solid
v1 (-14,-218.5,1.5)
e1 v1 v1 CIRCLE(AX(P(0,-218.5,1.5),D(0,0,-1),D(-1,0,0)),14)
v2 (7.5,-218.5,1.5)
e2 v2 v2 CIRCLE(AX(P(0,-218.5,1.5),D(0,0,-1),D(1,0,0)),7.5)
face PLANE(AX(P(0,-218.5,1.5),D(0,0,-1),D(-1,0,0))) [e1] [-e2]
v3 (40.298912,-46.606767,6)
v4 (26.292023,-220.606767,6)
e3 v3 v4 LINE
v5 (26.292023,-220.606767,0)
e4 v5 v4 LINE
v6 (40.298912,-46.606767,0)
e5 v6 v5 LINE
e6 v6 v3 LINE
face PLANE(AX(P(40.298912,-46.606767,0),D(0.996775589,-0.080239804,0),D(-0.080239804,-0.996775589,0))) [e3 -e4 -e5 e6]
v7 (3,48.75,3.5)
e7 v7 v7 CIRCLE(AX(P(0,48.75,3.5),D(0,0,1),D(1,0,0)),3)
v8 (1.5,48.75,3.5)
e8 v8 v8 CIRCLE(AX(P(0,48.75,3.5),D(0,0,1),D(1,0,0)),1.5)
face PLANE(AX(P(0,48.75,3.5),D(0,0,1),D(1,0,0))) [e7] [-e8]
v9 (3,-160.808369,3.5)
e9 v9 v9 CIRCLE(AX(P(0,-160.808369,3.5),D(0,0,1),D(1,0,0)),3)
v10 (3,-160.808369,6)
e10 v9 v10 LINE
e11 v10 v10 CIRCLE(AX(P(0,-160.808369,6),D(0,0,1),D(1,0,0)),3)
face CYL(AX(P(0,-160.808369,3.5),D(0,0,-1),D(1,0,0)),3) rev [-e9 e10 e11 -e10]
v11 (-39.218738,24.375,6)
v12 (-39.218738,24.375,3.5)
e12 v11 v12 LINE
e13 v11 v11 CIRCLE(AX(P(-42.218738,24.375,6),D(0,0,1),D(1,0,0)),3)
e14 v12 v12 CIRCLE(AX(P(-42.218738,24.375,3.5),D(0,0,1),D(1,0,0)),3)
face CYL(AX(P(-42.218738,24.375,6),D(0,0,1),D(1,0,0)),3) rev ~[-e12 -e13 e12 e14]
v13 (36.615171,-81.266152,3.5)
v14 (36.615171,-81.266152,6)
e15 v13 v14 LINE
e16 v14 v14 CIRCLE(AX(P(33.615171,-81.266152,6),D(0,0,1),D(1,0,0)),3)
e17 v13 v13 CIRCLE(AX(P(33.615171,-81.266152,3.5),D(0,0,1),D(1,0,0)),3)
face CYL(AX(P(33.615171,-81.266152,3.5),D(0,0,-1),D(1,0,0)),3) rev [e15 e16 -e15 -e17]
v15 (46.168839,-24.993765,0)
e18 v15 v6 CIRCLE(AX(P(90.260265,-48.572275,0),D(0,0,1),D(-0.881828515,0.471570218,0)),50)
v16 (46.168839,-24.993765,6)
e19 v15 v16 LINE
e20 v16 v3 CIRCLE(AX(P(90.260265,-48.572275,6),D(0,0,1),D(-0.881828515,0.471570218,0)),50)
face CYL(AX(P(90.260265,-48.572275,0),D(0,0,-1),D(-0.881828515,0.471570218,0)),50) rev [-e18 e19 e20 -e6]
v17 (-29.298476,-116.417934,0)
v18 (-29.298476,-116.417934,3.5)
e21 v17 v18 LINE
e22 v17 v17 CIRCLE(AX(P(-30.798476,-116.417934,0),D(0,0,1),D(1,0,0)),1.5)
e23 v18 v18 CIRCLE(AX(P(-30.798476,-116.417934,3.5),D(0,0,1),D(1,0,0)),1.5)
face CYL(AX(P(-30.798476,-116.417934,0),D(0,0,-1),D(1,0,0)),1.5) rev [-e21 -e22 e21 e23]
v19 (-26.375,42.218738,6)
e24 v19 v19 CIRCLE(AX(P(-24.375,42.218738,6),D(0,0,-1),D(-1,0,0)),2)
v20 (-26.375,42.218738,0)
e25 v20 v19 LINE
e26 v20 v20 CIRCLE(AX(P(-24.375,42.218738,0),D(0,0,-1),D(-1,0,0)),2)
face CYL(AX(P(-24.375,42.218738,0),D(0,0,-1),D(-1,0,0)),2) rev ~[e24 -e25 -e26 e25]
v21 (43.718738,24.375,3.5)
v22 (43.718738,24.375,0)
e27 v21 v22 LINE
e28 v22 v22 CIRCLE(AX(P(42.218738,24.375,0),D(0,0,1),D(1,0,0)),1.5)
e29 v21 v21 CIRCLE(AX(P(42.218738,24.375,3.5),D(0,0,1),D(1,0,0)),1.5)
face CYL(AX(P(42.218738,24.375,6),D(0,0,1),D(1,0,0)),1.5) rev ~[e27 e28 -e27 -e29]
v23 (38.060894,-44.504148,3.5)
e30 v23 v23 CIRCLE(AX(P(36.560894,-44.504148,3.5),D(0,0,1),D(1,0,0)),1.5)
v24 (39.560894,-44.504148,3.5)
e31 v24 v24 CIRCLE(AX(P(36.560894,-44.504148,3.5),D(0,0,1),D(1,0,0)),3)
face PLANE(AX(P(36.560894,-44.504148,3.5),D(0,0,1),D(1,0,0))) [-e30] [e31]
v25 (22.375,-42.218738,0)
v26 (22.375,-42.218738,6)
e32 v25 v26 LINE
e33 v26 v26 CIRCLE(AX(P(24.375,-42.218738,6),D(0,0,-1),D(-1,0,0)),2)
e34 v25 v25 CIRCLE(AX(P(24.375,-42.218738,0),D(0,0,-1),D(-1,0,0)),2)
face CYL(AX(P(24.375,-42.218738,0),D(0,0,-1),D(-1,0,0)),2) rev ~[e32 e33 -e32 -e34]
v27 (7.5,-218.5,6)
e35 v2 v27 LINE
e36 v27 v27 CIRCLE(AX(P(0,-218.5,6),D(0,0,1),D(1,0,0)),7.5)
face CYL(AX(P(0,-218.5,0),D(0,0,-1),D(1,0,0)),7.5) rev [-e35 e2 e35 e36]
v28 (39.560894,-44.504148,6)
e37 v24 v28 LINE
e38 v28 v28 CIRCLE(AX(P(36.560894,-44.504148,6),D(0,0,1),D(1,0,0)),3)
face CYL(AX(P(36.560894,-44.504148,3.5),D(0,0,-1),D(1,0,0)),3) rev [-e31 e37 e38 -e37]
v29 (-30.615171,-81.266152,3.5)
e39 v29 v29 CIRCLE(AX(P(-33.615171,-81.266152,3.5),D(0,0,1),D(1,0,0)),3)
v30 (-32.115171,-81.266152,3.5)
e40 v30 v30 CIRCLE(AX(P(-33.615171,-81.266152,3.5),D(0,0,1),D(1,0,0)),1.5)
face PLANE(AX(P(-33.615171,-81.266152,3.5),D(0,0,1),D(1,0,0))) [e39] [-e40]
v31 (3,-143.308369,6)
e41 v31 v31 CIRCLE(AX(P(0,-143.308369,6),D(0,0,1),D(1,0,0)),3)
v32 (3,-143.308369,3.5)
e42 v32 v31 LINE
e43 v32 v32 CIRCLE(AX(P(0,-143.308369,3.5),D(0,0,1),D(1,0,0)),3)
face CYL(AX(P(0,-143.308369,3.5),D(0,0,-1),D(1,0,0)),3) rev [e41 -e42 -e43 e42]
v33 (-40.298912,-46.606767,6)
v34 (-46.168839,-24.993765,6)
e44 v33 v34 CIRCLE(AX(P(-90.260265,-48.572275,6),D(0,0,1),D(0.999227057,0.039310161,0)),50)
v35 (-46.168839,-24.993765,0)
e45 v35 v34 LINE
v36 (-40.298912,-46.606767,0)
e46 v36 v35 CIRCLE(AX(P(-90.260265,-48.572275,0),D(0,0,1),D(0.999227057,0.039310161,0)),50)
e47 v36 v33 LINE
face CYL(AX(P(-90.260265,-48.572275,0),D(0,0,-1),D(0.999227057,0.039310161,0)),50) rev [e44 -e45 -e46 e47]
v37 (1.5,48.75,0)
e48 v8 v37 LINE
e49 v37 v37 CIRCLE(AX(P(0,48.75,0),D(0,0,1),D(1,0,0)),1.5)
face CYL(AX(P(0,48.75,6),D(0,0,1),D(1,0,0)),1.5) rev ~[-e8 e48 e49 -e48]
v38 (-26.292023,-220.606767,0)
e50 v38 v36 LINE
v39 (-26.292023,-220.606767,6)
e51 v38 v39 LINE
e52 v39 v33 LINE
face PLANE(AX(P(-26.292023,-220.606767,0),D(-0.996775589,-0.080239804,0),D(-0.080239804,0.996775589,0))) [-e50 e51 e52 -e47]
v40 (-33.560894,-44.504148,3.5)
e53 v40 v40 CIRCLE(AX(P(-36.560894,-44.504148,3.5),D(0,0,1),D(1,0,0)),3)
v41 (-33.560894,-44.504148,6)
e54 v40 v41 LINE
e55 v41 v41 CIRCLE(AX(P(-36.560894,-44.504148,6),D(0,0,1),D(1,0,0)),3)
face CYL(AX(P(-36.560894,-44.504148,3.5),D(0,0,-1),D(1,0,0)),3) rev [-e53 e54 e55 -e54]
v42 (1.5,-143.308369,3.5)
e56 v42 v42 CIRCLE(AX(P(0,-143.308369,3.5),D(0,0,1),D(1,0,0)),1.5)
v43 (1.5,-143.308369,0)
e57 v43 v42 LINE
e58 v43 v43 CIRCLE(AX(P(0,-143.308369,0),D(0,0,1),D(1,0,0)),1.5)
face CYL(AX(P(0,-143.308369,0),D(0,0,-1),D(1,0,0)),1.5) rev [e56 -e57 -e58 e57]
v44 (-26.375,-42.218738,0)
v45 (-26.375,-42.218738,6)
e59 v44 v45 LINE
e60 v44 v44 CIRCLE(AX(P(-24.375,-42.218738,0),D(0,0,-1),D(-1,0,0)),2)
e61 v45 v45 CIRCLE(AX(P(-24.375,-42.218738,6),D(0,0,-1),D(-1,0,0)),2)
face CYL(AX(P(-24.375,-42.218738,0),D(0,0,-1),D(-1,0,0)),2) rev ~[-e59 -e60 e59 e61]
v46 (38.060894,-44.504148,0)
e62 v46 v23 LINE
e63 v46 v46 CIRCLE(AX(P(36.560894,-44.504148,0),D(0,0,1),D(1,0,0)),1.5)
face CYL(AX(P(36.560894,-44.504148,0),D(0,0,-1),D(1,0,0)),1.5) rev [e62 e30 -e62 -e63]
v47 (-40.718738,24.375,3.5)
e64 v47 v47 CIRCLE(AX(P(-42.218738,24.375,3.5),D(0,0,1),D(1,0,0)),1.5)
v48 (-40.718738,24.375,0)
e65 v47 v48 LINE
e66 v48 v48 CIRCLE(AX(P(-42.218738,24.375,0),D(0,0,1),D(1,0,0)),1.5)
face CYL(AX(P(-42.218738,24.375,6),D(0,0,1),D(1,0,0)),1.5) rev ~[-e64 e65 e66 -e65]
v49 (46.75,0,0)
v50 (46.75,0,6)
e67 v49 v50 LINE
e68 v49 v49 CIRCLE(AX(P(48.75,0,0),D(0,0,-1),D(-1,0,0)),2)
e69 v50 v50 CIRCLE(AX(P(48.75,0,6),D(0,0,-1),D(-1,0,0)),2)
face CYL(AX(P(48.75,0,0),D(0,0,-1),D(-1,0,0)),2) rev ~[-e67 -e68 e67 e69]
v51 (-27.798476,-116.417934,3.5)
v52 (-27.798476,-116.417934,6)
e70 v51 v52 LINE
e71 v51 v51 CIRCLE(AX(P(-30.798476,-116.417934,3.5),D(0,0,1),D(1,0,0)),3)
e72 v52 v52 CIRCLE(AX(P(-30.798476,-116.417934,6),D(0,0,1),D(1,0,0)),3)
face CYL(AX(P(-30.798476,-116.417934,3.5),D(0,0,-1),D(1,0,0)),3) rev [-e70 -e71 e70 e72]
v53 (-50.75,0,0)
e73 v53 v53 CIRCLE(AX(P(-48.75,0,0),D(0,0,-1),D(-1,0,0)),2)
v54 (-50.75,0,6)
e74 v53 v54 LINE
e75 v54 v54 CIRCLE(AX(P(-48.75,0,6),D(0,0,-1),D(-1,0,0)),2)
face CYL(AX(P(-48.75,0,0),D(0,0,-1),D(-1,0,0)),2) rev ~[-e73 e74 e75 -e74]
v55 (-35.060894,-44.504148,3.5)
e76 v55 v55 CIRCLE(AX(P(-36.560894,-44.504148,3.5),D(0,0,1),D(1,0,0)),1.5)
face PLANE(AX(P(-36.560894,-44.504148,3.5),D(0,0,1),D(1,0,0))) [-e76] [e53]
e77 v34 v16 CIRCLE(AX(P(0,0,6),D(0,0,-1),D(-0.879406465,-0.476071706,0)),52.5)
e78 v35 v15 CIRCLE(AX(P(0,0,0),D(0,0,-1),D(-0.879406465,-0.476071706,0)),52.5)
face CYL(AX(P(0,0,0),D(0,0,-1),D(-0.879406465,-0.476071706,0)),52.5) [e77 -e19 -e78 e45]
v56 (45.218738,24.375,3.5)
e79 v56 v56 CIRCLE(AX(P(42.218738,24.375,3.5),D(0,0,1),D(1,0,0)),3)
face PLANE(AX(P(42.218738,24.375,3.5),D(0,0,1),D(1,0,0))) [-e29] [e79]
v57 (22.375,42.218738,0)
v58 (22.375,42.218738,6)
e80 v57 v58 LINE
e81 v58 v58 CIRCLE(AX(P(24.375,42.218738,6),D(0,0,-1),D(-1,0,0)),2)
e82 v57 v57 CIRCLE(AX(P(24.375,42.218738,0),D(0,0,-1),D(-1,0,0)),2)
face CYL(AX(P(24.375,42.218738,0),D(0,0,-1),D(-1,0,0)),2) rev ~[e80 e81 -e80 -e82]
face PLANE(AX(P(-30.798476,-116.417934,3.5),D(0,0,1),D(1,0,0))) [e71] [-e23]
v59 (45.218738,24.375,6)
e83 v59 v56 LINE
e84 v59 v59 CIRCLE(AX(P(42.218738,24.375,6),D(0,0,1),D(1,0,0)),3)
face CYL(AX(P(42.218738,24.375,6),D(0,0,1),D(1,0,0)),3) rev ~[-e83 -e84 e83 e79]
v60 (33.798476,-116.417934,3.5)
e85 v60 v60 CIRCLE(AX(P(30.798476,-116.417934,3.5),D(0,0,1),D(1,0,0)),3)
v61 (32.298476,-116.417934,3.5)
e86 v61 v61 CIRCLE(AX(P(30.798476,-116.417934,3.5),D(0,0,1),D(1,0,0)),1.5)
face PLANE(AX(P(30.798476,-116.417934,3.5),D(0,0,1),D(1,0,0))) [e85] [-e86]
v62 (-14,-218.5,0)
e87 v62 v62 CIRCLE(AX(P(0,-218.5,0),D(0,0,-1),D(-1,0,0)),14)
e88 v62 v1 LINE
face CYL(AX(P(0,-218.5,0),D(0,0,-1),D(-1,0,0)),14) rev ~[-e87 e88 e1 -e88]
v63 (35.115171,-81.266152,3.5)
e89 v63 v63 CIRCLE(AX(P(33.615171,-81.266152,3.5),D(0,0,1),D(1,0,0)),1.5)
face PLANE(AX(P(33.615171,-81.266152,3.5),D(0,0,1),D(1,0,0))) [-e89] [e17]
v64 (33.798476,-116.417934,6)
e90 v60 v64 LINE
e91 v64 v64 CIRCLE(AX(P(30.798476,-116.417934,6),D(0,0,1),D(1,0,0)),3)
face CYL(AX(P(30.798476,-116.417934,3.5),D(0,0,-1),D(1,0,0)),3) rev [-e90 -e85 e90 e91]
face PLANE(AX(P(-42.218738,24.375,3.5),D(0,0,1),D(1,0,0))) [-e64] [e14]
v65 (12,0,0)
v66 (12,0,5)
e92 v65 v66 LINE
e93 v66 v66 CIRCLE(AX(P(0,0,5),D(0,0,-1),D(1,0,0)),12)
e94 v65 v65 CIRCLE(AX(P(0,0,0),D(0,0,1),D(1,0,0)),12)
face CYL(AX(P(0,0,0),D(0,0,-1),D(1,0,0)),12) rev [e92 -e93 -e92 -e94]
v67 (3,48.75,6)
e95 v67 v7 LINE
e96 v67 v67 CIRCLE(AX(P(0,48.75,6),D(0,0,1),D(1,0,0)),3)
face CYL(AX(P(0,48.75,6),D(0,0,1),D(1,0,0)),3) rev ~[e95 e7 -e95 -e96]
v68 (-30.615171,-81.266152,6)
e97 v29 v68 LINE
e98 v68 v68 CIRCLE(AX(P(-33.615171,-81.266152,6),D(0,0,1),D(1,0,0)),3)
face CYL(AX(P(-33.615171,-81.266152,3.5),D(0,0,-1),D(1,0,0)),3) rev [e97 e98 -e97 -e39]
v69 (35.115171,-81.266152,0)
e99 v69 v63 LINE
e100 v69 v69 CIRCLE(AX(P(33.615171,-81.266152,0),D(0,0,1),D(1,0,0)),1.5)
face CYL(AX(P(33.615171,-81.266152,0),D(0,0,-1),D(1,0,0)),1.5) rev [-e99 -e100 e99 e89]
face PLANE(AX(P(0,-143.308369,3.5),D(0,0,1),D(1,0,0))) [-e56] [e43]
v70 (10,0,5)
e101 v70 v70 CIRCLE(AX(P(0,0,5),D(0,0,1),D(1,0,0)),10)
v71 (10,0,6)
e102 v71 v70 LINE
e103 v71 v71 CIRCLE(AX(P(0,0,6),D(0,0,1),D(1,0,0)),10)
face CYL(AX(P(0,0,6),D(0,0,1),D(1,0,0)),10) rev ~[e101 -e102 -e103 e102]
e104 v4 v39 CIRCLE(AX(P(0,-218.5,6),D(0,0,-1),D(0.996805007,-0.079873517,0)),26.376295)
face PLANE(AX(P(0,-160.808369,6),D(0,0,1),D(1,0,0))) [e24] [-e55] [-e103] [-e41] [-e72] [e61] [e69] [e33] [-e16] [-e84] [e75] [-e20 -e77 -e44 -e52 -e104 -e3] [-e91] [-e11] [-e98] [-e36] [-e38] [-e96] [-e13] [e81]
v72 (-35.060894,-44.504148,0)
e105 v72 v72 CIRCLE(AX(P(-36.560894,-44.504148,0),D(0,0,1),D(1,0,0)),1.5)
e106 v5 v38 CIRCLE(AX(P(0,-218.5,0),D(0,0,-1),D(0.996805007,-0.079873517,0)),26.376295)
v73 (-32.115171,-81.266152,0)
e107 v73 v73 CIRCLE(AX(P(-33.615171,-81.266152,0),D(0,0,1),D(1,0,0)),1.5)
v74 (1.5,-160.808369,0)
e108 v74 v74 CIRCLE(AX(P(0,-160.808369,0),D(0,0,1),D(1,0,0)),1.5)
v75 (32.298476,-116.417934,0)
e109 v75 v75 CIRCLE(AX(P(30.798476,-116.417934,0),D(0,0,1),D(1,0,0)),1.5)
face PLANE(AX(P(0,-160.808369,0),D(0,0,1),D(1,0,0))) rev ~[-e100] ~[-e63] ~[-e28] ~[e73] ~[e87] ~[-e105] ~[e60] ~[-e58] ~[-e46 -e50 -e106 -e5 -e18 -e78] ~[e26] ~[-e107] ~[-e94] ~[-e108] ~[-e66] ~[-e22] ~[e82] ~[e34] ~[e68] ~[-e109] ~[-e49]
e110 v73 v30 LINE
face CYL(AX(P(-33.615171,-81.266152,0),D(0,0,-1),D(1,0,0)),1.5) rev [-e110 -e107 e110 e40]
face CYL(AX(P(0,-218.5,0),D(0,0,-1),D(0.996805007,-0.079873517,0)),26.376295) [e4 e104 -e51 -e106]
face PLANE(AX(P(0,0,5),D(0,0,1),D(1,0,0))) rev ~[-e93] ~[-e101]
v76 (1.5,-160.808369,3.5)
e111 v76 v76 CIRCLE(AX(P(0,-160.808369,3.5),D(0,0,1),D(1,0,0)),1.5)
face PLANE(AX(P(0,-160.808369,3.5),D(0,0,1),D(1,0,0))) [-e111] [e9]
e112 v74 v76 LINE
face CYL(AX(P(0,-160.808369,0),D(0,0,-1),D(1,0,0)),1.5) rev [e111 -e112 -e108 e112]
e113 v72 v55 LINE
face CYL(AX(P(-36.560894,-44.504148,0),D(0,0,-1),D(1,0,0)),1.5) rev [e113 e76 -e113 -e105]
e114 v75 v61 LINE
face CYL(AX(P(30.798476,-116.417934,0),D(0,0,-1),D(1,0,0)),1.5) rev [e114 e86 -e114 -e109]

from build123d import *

# Parameters (mm, degrees)
SKETCH2_R               = 2.05
SKETCH2_R_2             = 12
SKETCH2_R_3             = 7.5
SKETCH2_R_4             = 1.5
BOSS_EXTRUDE1_DEPTH     = 6
SKETCH3_R               = 20
SKETCH3_R_2             = 10
EXTRUDE_THIN1_DEPTH     = 1
SKETCH4_R               = 2
CUT_EXTRUDE1_DEPTH      = 10
CUT_EXTRUDE_THIN1_START = -2.5
SKETCH5_R               = 3
SKETCH5_R_2             = 1.5
CUT_EXTRUDE_THIN1_DEPTH = 2.5
SKETCH7_R               = 14
CUT_EXTRUDE2_DEPTH      = 1.5
SKETCH8_R               = 1.5
CUT_EXTRUDE3_DEPTH      = 6
SKETCH9_R               = 3
CUT_EXTRUDE4_DEPTH      = 2.5


with BuildPart() as part:
    # Sketch2 → Boss-Extrude1 (new body)
    # profile 1 of 9: a face of its own
    with BuildSketch(Plane.XY):
        with BuildLine():
            ThreePointArc((-40.298912311, -46.606767419), (-42.008200294, -35.467381848), (-46.168839402, -24.993764587))
            ThreePointArc((-46.168839402, -24.993764587), (0, 52.5), (46.168839402, -24.993764587))
            ThreePointArc((46.168839402, -24.993764587), (42.008200294, -35.467381848), (40.298912311, -46.606767419))
            Line((40.298912311, -46.606767419), (26.292022516, -220.606767419))
            ThreePointArc((26.292022516, -220.606767419), (0, -244.876294602), (-26.292022516, -220.606767419))
            Line((-26.292022516, -220.606767419), (-40.298912311, -46.606767419))
        make_face()
        with Locations((0, -143.308369457)):
            Circle(SKETCH2_R, mode=Mode.SUBTRACT)
        with Locations((0, -160.808369457)):
            Circle(SKETCH2_R, mode=Mode.SUBTRACT)
        with Locations((30.798475656, -116.417934033)):
            Circle(SKETCH2_R, mode=Mode.SUBTRACT)
        with Locations((-30.798475656, -116.417934033)):
            Circle(SKETCH2_R, mode=Mode.SUBTRACT)
        with Locations((-33.615171456, -81.26615187)):
            Circle(SKETCH2_R, mode=Mode.SUBTRACT)
        with Locations((-36.560893536, -44.504148362)):
            Circle(SKETCH2_R, mode=Mode.SUBTRACT)
        with Locations((33.615171456, -81.26615187)):
            Circle(SKETCH2_R, mode=Mode.SUBTRACT)
        with Locations((36.560893536, -44.504148362)):
            Circle(SKETCH2_R, mode=Mode.SUBTRACT)
        Circle(SKETCH2_R_2, mode=Mode.SUBTRACT)
        with Locations((0, -218.5)):
            Circle(SKETCH2_R_3, mode=Mode.SUBTRACT)
    # profile 2 of 9: a face of its own
    with BuildSketch(Plane.XY):
        with Locations((30.798475656, -116.417934033)):
            Circle(SKETCH2_R)
        with Locations((30.798475656, -116.417934033)):
            Circle(SKETCH2_R_4, mode=Mode.SUBTRACT)
    # profile 3 of 9: a face of its own
    with BuildSketch(Plane.XY):
        with Locations((33.615171456, -81.26615187)):
            Circle(SKETCH2_R)
        with Locations((33.615171456, -81.26615187)):
            Circle(SKETCH2_R_4, mode=Mode.SUBTRACT)
    # profile 4 of 9: a face of its own
    with BuildSketch(Plane.XY):
        with Locations((36.560893536, -44.504148362)):
            Circle(SKETCH2_R)
        with Locations((36.560893536, -44.504148362)):
            Circle(SKETCH2_R_4, mode=Mode.SUBTRACT)
    # profile 5 of 9: a face of its own
    with BuildSketch(Plane.XY):
        with Locations((-36.560893536, -44.504148362)):
            Circle(SKETCH2_R)
        with Locations((-36.560893536, -44.504148362)):
            Circle(SKETCH2_R_4, mode=Mode.SUBTRACT)
    # profile 6 of 9: a face of its own
    with BuildSketch(Plane.XY):
        with Locations((-33.615171456, -81.26615187)):
            Circle(SKETCH2_R)
        with Locations((-33.615171456, -81.26615187)):
            Circle(SKETCH2_R_4, mode=Mode.SUBTRACT)
    # profile 7 of 9: a face of its own
    with BuildSketch(Plane.XY):
        with Locations((-30.798475656, -116.417934033)):
            Circle(SKETCH2_R)
        with Locations((-30.798475656, -116.417934033)):
            Circle(SKETCH2_R_4, mode=Mode.SUBTRACT)
    # profile 8 of 9: a face of its own
    with BuildSketch(Plane.XY):
        with Locations((0, -143.308369457)):
            Circle(SKETCH2_R)
        with Locations((0, -143.308369457)):
            Circle(SKETCH2_R_4, mode=Mode.SUBTRACT)
    # profile 9 of 9: a face of its own
    with BuildSketch(Plane.XY):
        with Locations((0, -160.808369457)):
            Circle(SKETCH2_R)
        with Locations((0, -160.808369457)):
            Circle(SKETCH2_R_4, mode=Mode.SUBTRACT)
    extrude(amount=BOSS_EXTRUDE1_DEPTH)

    # Sketch3 → Extrude-Thin1 (add)
    with BuildSketch(Plane.XY.offset(6)):
        Circle(SKETCH3_R)
        Circle(SKETCH3_R_2, mode=Mode.SUBTRACT)
    extrude(amount=-EXTRUDE_THIN1_DEPTH)

    # Sketch4 → Cut-Extrude1 (cut)
    with BuildSketch(Plane(origin=(0, 0, 0), x_dir=(-1, 0, 0), z_dir=(0, 0, -1))):
        with Locations((-48.75, 0)):
            Circle(SKETCH4_R)
        with Locations((-24.375, 42.218738434)):
            Circle(SKETCH4_R)
        with Locations((24.375, 42.218738434)):
            Circle(SKETCH4_R)
        with Locations((48.75, 0)):
            Circle(SKETCH4_R)
        with Locations((24.375, -42.218738434)):
            Circle(SKETCH4_R)
        with Locations((-24.375, -42.218738434)):
            Circle(SKETCH4_R)
    extrude(amount=-CUT_EXTRUDE1_DEPTH, mode=Mode.SUBTRACT)

    # Sketch5 → Cut-Extrude-Thin1 (cut)
    # profile 1 of 8: a face of its own
    with BuildSketch(Plane.XY.offset(6).offset(CUT_EXTRUDE_THIN1_START)):
        with Locations((36.560893536, -44.504148362)):
            Circle(SKETCH5_R)
        with Locations((36.560893536, -44.504148362)):
            Circle(SKETCH5_R_2, mode=Mode.SUBTRACT)
    # profile 2 of 8: a face of its own
    with BuildSketch(Plane.XY.offset(6).offset(CUT_EXTRUDE_THIN1_START)):
        with Locations((30.798475656, -116.417934033)):
            Circle(SKETCH5_R)
        with Locations((30.798475656, -116.417934033)):
            Circle(SKETCH5_R_2, mode=Mode.SUBTRACT)
    # profile 3 of 8: a face of its own
    with BuildSketch(Plane.XY.offset(6).offset(CUT_EXTRUDE_THIN1_START)):
        with Locations((33.615171456, -81.26615187)):
            Circle(SKETCH5_R)
        with Locations((33.615171456, -81.26615187)):
            Circle(SKETCH5_R_2, mode=Mode.SUBTRACT)
    # profile 4 of 8: a face of its own
    with BuildSketch(Plane.XY.offset(6).offset(CUT_EXTRUDE_THIN1_START)):
        with Locations((0, -160.808369457)):
            Circle(SKETCH5_R)
        with Locations((0, -160.808369457)):
            Circle(SKETCH5_R_2, mode=Mode.SUBTRACT)
    # profile 5 of 8: a face of its own
    with BuildSketch(Plane.XY.offset(6).offset(CUT_EXTRUDE_THIN1_START)):
        with Locations((0, -143.308369457)):
            Circle(SKETCH5_R)
        with Locations((0, -143.308369457)):
            Circle(SKETCH5_R_2, mode=Mode.SUBTRACT)
    # profile 6 of 8: a face of its own
    with BuildSketch(Plane.XY.offset(6).offset(CUT_EXTRUDE_THIN1_START)):
        with Locations((-30.798475656, -116.417934033)):
            Circle(SKETCH5_R)
        with Locations((-30.798475656, -116.417934033)):
            Circle(SKETCH5_R_2, mode=Mode.SUBTRACT)
    # profile 7 of 8: a face of its own
    with BuildSketch(Plane.XY.offset(6).offset(CUT_EXTRUDE_THIN1_START)):
        with Locations((-33.615171456, -81.26615187)):
            Circle(SKETCH5_R)
        with Locations((-33.615171456, -81.26615187)):
            Circle(SKETCH5_R_2, mode=Mode.SUBTRACT)
    # profile 8 of 8: a face of its own
    with BuildSketch(Plane.XY.offset(6).offset(CUT_EXTRUDE_THIN1_START)):
        with Locations((-36.560893536, -44.504148362)):
            Circle(SKETCH5_R)
        with Locations((-36.560893536, -44.504148362)):
            Circle(SKETCH5_R_2, mode=Mode.SUBTRACT)
    extrude(amount=CUT_EXTRUDE_THIN1_DEPTH, mode=Mode.SUBTRACT)

    # Sketch7 → Cut-Extrude2 (cut)
    with BuildSketch(Plane(origin=(0, 0, 0), x_dir=(-1, 0, 0), z_dir=(0, 0, -1))):
        with Locations((0, -218.5)):
            Circle(SKETCH7_R)
    extrude(amount=-CUT_EXTRUDE2_DEPTH, mode=Mode.SUBTRACT)

    # Sketch8 → Cut-Extrude3 (cut)
    with BuildSketch(Plane.XY.offset(6)):
        with Locations((0, 48.75)):
            Circle(SKETCH8_R)
        with Locations((42.218738434, 24.375)):
            Circle(SKETCH8_R)
        with Locations((-42.218738434, 24.375)):
            Circle(SKETCH8_R)
    extrude(amount=-CUT_EXTRUDE3_DEPTH, mode=Mode.SUBTRACT)

    # Sketch9 → Cut-Extrude4 (cut)
    with BuildSketch(Plane.XY.offset(6)):
        with Locations((-42.218738434, 24.375)):
            Circle(SKETCH9_R)
        with Locations((0, 48.75)):
            Circle(SKETCH9_R)
        with Locations((42.218738434, 24.375)):
            Circle(SKETCH9_R)
    extrude(amount=-CUT_EXTRUDE4_DEPTH, mode=Mode.SUBTRACT)


solid = part.part
